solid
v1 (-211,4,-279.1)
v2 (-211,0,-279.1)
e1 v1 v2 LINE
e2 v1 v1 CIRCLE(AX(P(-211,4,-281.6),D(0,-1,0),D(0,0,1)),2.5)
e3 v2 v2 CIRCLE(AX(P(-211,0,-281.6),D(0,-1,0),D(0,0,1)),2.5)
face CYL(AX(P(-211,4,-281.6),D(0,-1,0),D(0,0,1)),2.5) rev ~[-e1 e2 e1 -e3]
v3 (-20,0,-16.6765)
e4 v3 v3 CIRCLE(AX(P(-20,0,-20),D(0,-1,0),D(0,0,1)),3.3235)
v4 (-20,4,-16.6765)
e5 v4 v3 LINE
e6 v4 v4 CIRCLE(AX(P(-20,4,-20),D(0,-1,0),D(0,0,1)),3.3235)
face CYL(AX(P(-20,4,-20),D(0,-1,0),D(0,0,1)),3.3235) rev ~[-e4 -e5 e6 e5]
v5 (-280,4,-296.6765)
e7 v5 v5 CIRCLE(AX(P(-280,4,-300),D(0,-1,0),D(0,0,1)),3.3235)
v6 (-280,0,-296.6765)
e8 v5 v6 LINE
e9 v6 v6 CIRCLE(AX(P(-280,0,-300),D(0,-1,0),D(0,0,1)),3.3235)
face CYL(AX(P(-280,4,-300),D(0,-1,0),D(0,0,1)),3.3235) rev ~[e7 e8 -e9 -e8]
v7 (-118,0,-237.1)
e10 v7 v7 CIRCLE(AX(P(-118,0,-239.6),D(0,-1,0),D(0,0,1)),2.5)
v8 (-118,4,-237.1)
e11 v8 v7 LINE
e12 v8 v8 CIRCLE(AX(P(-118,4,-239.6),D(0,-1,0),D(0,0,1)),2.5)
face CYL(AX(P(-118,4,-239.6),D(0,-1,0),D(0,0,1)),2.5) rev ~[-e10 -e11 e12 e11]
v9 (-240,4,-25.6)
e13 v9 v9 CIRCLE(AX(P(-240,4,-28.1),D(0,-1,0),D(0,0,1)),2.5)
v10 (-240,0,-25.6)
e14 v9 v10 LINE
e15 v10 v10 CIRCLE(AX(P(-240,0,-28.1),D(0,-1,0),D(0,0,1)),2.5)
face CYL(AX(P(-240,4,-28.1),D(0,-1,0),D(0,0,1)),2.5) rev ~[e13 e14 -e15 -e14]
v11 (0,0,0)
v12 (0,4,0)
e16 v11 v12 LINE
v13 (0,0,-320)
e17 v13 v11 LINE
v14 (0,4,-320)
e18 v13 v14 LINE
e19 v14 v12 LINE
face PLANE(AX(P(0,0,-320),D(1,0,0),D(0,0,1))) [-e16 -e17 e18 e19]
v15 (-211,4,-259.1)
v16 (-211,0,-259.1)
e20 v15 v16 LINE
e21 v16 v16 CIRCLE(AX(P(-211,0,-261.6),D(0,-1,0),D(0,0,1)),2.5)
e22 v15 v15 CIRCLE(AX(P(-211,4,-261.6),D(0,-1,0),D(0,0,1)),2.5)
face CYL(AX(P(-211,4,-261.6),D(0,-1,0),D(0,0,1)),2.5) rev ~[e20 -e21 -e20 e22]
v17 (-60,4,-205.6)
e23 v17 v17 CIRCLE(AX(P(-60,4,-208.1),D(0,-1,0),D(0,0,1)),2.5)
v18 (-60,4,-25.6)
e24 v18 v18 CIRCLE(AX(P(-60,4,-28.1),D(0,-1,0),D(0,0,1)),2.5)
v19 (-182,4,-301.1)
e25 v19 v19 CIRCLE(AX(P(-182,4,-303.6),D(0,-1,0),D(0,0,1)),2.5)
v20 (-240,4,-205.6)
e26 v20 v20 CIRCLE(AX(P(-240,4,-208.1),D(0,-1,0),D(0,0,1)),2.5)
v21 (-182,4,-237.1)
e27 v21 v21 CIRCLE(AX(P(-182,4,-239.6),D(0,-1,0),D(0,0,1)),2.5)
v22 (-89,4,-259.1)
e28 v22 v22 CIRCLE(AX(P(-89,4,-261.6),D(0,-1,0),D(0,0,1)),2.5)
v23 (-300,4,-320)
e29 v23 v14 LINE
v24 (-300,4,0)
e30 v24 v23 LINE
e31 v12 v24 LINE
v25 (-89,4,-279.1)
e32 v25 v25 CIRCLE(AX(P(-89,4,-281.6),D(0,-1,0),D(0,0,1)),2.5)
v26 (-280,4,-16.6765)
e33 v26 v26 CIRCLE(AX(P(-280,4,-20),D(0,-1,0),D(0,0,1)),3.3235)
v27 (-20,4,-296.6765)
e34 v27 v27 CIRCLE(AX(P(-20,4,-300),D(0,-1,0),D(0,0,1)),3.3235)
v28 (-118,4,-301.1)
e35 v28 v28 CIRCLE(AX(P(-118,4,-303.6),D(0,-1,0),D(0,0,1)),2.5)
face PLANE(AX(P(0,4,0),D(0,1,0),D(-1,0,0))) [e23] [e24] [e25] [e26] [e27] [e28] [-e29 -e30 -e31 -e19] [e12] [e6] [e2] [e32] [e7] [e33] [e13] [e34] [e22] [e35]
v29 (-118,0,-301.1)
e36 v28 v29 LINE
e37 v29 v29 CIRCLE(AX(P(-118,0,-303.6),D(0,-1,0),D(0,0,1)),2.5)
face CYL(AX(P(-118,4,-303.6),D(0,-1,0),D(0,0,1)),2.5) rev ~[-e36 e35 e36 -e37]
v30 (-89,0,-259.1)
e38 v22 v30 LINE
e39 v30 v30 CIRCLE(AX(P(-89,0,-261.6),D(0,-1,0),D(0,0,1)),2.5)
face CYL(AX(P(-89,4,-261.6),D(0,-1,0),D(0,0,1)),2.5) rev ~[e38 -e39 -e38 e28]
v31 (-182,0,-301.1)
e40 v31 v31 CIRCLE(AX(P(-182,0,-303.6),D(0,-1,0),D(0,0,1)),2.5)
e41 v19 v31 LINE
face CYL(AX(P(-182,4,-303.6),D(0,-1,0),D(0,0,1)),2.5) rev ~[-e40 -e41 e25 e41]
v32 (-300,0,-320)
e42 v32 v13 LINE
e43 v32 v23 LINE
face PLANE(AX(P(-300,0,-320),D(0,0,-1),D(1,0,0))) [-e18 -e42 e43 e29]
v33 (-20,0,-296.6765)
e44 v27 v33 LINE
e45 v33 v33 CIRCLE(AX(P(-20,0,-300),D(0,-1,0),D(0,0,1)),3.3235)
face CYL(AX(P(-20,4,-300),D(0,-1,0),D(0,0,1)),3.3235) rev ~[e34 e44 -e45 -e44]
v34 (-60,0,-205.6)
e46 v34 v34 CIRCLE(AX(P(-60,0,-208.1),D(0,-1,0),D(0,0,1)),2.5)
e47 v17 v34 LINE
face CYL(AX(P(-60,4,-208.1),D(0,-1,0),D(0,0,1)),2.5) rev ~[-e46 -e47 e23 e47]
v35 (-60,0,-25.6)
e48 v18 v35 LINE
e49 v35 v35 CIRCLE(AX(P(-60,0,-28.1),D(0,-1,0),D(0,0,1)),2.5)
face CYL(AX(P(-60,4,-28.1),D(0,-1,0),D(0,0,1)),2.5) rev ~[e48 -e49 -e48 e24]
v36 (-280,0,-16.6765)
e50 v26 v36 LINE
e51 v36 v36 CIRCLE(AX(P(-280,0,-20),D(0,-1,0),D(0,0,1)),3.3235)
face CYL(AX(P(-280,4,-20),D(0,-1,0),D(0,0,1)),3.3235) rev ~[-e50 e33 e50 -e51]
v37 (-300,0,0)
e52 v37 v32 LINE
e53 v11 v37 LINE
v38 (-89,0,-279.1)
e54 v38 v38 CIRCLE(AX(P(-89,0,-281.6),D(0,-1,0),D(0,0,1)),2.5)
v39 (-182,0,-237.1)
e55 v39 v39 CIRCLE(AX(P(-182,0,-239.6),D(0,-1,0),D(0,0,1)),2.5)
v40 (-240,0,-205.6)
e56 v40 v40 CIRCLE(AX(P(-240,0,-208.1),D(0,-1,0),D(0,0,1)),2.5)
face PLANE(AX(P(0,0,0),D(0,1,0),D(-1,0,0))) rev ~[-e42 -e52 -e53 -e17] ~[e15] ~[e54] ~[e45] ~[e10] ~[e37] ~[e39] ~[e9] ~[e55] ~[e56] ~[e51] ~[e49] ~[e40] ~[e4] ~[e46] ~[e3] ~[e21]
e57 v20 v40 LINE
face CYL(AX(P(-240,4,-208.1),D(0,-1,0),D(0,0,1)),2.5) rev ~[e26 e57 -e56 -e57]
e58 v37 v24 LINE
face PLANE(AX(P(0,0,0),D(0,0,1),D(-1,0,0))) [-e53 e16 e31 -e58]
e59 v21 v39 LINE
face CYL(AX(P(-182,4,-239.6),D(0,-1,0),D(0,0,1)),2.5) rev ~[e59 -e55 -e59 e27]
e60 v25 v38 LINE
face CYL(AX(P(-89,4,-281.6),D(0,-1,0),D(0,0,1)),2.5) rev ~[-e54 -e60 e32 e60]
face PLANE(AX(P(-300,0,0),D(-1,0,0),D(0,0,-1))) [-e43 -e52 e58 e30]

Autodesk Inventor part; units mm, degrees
ref_plane "YZ Plane" through (0, 0, 0) normal (1, 0, 0) x (0, 1, 0)
ref_plane "XZ Plane" through (0, 0, 0) normal (0, 1, 0) x (-1, 0, 0)
ref_plane "XY Plane" through (0, 0, 0) normal (0, 0, 1) x (1, 0, 0)
sketch "Esboço1" plane through (0, 0, 0) normal (0, 1, 0) x (-1, 0, 0)
  line L0 (0, 0) -> (300, 0)
  line L1 (300, 0) -> (300, -320)
  line L2 (300, -320) -> (0, -320)
  line L3 (0, -320) -> (0, 0)
  dimension "d0" = 300
  dimension "d1" = 320
extrude "Extrusão1" add sketch "Esboço1" along normal blind 4
sketch "Sketch4" plane through (0, 4, 0) normal (0, 1, 0) x (1, 0, 0)
  line L0 (-300, 320) -> (-300, 0) projected
  line L1 (-300, 0) -> (0, 0) projected
  line L2 (0, 320) -> (-300, 320) projected
  line L3 (0, 0) -> (0, 320) projected
  point P0 (-182, 239.6)
  point P1 (-182, 303.6)
  point P2 (-118, 239.6)
  point P3 (-118, 303.6)
  point P4 (-211, 281.6)
  point P5 (-89, 281.6)
  point P6 (-211, 261.6)
  point P7 (-89, 261.6)
  point P8 (-240, 28.1)
  point P9 (-240, 208.1)
  point P10 (-60, 28.1)
  point P11 (-60, 208.1)
  dimension "d25" = 64
  dimension "d28" = 64
  dimension "d32" = 300
  dimension "d33" = 320
  dimension "d41" = 16.4
  dimension "d42" = 118
  dimension "d45" = 122
  dimension "d48" = 20
  dimension "d51" = 38.4
  dimension "d52" = 89
  dimension "d55" = 180
  dimension "d58" = 180
  dimension "d61" = 60
  dimension "d62" = 28.1
hole "Hole1" at (-182, 4, -239.6) at (-182, 4, -303.6) at (-118, 4, -239.6) at (-118, 4, -303.6) at (-211, 4, -261.6) at (-211, 4, -281.6) at (-89, 4, -281.6) at (-89, 4, -261.6) at (-240, 4, -28.1) at (-240, 4, -208.1) at (-60, 4, -208.1) at (-60, 4, -28.1) direction (0, -1, 0) diameter 5 end through all
sketch "Sketch5" plane through (0, 4, 0) normal (0, 1, 0) x (1, 0, 0)
  line L0 (-300, 320) -> (-300, 0) projected
  line L1 (-300, 0) -> (0, 0) projected
  point P0 (-280, 20)
  point P1 (-280, 300)
  point P2 (-20, 20)
  point P3 (-20, 300)
  dimension "d65" = 280
  dimension "d68" = 260
  dimension "d71" = 320
  dimension "d72" = 300
  dimension "d73" = 20
  dimension "d74" = 20
hole "Hole2" at (-280, 4, -20) at (-280, 4, -300) at (-20, 4, -20) at (-20, 4, -300) direction (0, -1, 0) diameter 6.647 end through all thread size "M8x1.25" class "6H" standard "ISO Metric profile"
equation "\"d42\" = -0.5 * d28 + 0.5 * d32"
equation "\"d52\" = 0.5 * d32 - 0.5 * d45"
equation "\"d61\" = 0.5 * d32 - 0.5 * d58"
equation "\"d39\" = Espessura"
equation "\"d73\" = 0.5 * d71 - 0.5 * d65"
equation "\"d74\" = 0.5 * d72 - 0.5 * d68"
equation "\"Raio_vergadura\" = Espessura"
equation "\"Largura_alívio_de_vergadura\" = Espessura"
equation "\"Profundidade_alívio_de_vergadura\" = 0.5 * Espessura"
equation "\"Tamanho_alívio_de_dobra\" = 4 * Espessura"
equation "\"Remanescente_mínimo\" = 2 * Espessura"
equation "\"Raiodetransição\" = Raio_vergadura"
equation "\"Tamanho_de_raio_de_Jacobi\" = Raio_vergadura"
equation "\"TamanhoFolga\" = Espessura"
equation "\"Espessura\" = 0.5"
properties part number "Base" material "Steel"
